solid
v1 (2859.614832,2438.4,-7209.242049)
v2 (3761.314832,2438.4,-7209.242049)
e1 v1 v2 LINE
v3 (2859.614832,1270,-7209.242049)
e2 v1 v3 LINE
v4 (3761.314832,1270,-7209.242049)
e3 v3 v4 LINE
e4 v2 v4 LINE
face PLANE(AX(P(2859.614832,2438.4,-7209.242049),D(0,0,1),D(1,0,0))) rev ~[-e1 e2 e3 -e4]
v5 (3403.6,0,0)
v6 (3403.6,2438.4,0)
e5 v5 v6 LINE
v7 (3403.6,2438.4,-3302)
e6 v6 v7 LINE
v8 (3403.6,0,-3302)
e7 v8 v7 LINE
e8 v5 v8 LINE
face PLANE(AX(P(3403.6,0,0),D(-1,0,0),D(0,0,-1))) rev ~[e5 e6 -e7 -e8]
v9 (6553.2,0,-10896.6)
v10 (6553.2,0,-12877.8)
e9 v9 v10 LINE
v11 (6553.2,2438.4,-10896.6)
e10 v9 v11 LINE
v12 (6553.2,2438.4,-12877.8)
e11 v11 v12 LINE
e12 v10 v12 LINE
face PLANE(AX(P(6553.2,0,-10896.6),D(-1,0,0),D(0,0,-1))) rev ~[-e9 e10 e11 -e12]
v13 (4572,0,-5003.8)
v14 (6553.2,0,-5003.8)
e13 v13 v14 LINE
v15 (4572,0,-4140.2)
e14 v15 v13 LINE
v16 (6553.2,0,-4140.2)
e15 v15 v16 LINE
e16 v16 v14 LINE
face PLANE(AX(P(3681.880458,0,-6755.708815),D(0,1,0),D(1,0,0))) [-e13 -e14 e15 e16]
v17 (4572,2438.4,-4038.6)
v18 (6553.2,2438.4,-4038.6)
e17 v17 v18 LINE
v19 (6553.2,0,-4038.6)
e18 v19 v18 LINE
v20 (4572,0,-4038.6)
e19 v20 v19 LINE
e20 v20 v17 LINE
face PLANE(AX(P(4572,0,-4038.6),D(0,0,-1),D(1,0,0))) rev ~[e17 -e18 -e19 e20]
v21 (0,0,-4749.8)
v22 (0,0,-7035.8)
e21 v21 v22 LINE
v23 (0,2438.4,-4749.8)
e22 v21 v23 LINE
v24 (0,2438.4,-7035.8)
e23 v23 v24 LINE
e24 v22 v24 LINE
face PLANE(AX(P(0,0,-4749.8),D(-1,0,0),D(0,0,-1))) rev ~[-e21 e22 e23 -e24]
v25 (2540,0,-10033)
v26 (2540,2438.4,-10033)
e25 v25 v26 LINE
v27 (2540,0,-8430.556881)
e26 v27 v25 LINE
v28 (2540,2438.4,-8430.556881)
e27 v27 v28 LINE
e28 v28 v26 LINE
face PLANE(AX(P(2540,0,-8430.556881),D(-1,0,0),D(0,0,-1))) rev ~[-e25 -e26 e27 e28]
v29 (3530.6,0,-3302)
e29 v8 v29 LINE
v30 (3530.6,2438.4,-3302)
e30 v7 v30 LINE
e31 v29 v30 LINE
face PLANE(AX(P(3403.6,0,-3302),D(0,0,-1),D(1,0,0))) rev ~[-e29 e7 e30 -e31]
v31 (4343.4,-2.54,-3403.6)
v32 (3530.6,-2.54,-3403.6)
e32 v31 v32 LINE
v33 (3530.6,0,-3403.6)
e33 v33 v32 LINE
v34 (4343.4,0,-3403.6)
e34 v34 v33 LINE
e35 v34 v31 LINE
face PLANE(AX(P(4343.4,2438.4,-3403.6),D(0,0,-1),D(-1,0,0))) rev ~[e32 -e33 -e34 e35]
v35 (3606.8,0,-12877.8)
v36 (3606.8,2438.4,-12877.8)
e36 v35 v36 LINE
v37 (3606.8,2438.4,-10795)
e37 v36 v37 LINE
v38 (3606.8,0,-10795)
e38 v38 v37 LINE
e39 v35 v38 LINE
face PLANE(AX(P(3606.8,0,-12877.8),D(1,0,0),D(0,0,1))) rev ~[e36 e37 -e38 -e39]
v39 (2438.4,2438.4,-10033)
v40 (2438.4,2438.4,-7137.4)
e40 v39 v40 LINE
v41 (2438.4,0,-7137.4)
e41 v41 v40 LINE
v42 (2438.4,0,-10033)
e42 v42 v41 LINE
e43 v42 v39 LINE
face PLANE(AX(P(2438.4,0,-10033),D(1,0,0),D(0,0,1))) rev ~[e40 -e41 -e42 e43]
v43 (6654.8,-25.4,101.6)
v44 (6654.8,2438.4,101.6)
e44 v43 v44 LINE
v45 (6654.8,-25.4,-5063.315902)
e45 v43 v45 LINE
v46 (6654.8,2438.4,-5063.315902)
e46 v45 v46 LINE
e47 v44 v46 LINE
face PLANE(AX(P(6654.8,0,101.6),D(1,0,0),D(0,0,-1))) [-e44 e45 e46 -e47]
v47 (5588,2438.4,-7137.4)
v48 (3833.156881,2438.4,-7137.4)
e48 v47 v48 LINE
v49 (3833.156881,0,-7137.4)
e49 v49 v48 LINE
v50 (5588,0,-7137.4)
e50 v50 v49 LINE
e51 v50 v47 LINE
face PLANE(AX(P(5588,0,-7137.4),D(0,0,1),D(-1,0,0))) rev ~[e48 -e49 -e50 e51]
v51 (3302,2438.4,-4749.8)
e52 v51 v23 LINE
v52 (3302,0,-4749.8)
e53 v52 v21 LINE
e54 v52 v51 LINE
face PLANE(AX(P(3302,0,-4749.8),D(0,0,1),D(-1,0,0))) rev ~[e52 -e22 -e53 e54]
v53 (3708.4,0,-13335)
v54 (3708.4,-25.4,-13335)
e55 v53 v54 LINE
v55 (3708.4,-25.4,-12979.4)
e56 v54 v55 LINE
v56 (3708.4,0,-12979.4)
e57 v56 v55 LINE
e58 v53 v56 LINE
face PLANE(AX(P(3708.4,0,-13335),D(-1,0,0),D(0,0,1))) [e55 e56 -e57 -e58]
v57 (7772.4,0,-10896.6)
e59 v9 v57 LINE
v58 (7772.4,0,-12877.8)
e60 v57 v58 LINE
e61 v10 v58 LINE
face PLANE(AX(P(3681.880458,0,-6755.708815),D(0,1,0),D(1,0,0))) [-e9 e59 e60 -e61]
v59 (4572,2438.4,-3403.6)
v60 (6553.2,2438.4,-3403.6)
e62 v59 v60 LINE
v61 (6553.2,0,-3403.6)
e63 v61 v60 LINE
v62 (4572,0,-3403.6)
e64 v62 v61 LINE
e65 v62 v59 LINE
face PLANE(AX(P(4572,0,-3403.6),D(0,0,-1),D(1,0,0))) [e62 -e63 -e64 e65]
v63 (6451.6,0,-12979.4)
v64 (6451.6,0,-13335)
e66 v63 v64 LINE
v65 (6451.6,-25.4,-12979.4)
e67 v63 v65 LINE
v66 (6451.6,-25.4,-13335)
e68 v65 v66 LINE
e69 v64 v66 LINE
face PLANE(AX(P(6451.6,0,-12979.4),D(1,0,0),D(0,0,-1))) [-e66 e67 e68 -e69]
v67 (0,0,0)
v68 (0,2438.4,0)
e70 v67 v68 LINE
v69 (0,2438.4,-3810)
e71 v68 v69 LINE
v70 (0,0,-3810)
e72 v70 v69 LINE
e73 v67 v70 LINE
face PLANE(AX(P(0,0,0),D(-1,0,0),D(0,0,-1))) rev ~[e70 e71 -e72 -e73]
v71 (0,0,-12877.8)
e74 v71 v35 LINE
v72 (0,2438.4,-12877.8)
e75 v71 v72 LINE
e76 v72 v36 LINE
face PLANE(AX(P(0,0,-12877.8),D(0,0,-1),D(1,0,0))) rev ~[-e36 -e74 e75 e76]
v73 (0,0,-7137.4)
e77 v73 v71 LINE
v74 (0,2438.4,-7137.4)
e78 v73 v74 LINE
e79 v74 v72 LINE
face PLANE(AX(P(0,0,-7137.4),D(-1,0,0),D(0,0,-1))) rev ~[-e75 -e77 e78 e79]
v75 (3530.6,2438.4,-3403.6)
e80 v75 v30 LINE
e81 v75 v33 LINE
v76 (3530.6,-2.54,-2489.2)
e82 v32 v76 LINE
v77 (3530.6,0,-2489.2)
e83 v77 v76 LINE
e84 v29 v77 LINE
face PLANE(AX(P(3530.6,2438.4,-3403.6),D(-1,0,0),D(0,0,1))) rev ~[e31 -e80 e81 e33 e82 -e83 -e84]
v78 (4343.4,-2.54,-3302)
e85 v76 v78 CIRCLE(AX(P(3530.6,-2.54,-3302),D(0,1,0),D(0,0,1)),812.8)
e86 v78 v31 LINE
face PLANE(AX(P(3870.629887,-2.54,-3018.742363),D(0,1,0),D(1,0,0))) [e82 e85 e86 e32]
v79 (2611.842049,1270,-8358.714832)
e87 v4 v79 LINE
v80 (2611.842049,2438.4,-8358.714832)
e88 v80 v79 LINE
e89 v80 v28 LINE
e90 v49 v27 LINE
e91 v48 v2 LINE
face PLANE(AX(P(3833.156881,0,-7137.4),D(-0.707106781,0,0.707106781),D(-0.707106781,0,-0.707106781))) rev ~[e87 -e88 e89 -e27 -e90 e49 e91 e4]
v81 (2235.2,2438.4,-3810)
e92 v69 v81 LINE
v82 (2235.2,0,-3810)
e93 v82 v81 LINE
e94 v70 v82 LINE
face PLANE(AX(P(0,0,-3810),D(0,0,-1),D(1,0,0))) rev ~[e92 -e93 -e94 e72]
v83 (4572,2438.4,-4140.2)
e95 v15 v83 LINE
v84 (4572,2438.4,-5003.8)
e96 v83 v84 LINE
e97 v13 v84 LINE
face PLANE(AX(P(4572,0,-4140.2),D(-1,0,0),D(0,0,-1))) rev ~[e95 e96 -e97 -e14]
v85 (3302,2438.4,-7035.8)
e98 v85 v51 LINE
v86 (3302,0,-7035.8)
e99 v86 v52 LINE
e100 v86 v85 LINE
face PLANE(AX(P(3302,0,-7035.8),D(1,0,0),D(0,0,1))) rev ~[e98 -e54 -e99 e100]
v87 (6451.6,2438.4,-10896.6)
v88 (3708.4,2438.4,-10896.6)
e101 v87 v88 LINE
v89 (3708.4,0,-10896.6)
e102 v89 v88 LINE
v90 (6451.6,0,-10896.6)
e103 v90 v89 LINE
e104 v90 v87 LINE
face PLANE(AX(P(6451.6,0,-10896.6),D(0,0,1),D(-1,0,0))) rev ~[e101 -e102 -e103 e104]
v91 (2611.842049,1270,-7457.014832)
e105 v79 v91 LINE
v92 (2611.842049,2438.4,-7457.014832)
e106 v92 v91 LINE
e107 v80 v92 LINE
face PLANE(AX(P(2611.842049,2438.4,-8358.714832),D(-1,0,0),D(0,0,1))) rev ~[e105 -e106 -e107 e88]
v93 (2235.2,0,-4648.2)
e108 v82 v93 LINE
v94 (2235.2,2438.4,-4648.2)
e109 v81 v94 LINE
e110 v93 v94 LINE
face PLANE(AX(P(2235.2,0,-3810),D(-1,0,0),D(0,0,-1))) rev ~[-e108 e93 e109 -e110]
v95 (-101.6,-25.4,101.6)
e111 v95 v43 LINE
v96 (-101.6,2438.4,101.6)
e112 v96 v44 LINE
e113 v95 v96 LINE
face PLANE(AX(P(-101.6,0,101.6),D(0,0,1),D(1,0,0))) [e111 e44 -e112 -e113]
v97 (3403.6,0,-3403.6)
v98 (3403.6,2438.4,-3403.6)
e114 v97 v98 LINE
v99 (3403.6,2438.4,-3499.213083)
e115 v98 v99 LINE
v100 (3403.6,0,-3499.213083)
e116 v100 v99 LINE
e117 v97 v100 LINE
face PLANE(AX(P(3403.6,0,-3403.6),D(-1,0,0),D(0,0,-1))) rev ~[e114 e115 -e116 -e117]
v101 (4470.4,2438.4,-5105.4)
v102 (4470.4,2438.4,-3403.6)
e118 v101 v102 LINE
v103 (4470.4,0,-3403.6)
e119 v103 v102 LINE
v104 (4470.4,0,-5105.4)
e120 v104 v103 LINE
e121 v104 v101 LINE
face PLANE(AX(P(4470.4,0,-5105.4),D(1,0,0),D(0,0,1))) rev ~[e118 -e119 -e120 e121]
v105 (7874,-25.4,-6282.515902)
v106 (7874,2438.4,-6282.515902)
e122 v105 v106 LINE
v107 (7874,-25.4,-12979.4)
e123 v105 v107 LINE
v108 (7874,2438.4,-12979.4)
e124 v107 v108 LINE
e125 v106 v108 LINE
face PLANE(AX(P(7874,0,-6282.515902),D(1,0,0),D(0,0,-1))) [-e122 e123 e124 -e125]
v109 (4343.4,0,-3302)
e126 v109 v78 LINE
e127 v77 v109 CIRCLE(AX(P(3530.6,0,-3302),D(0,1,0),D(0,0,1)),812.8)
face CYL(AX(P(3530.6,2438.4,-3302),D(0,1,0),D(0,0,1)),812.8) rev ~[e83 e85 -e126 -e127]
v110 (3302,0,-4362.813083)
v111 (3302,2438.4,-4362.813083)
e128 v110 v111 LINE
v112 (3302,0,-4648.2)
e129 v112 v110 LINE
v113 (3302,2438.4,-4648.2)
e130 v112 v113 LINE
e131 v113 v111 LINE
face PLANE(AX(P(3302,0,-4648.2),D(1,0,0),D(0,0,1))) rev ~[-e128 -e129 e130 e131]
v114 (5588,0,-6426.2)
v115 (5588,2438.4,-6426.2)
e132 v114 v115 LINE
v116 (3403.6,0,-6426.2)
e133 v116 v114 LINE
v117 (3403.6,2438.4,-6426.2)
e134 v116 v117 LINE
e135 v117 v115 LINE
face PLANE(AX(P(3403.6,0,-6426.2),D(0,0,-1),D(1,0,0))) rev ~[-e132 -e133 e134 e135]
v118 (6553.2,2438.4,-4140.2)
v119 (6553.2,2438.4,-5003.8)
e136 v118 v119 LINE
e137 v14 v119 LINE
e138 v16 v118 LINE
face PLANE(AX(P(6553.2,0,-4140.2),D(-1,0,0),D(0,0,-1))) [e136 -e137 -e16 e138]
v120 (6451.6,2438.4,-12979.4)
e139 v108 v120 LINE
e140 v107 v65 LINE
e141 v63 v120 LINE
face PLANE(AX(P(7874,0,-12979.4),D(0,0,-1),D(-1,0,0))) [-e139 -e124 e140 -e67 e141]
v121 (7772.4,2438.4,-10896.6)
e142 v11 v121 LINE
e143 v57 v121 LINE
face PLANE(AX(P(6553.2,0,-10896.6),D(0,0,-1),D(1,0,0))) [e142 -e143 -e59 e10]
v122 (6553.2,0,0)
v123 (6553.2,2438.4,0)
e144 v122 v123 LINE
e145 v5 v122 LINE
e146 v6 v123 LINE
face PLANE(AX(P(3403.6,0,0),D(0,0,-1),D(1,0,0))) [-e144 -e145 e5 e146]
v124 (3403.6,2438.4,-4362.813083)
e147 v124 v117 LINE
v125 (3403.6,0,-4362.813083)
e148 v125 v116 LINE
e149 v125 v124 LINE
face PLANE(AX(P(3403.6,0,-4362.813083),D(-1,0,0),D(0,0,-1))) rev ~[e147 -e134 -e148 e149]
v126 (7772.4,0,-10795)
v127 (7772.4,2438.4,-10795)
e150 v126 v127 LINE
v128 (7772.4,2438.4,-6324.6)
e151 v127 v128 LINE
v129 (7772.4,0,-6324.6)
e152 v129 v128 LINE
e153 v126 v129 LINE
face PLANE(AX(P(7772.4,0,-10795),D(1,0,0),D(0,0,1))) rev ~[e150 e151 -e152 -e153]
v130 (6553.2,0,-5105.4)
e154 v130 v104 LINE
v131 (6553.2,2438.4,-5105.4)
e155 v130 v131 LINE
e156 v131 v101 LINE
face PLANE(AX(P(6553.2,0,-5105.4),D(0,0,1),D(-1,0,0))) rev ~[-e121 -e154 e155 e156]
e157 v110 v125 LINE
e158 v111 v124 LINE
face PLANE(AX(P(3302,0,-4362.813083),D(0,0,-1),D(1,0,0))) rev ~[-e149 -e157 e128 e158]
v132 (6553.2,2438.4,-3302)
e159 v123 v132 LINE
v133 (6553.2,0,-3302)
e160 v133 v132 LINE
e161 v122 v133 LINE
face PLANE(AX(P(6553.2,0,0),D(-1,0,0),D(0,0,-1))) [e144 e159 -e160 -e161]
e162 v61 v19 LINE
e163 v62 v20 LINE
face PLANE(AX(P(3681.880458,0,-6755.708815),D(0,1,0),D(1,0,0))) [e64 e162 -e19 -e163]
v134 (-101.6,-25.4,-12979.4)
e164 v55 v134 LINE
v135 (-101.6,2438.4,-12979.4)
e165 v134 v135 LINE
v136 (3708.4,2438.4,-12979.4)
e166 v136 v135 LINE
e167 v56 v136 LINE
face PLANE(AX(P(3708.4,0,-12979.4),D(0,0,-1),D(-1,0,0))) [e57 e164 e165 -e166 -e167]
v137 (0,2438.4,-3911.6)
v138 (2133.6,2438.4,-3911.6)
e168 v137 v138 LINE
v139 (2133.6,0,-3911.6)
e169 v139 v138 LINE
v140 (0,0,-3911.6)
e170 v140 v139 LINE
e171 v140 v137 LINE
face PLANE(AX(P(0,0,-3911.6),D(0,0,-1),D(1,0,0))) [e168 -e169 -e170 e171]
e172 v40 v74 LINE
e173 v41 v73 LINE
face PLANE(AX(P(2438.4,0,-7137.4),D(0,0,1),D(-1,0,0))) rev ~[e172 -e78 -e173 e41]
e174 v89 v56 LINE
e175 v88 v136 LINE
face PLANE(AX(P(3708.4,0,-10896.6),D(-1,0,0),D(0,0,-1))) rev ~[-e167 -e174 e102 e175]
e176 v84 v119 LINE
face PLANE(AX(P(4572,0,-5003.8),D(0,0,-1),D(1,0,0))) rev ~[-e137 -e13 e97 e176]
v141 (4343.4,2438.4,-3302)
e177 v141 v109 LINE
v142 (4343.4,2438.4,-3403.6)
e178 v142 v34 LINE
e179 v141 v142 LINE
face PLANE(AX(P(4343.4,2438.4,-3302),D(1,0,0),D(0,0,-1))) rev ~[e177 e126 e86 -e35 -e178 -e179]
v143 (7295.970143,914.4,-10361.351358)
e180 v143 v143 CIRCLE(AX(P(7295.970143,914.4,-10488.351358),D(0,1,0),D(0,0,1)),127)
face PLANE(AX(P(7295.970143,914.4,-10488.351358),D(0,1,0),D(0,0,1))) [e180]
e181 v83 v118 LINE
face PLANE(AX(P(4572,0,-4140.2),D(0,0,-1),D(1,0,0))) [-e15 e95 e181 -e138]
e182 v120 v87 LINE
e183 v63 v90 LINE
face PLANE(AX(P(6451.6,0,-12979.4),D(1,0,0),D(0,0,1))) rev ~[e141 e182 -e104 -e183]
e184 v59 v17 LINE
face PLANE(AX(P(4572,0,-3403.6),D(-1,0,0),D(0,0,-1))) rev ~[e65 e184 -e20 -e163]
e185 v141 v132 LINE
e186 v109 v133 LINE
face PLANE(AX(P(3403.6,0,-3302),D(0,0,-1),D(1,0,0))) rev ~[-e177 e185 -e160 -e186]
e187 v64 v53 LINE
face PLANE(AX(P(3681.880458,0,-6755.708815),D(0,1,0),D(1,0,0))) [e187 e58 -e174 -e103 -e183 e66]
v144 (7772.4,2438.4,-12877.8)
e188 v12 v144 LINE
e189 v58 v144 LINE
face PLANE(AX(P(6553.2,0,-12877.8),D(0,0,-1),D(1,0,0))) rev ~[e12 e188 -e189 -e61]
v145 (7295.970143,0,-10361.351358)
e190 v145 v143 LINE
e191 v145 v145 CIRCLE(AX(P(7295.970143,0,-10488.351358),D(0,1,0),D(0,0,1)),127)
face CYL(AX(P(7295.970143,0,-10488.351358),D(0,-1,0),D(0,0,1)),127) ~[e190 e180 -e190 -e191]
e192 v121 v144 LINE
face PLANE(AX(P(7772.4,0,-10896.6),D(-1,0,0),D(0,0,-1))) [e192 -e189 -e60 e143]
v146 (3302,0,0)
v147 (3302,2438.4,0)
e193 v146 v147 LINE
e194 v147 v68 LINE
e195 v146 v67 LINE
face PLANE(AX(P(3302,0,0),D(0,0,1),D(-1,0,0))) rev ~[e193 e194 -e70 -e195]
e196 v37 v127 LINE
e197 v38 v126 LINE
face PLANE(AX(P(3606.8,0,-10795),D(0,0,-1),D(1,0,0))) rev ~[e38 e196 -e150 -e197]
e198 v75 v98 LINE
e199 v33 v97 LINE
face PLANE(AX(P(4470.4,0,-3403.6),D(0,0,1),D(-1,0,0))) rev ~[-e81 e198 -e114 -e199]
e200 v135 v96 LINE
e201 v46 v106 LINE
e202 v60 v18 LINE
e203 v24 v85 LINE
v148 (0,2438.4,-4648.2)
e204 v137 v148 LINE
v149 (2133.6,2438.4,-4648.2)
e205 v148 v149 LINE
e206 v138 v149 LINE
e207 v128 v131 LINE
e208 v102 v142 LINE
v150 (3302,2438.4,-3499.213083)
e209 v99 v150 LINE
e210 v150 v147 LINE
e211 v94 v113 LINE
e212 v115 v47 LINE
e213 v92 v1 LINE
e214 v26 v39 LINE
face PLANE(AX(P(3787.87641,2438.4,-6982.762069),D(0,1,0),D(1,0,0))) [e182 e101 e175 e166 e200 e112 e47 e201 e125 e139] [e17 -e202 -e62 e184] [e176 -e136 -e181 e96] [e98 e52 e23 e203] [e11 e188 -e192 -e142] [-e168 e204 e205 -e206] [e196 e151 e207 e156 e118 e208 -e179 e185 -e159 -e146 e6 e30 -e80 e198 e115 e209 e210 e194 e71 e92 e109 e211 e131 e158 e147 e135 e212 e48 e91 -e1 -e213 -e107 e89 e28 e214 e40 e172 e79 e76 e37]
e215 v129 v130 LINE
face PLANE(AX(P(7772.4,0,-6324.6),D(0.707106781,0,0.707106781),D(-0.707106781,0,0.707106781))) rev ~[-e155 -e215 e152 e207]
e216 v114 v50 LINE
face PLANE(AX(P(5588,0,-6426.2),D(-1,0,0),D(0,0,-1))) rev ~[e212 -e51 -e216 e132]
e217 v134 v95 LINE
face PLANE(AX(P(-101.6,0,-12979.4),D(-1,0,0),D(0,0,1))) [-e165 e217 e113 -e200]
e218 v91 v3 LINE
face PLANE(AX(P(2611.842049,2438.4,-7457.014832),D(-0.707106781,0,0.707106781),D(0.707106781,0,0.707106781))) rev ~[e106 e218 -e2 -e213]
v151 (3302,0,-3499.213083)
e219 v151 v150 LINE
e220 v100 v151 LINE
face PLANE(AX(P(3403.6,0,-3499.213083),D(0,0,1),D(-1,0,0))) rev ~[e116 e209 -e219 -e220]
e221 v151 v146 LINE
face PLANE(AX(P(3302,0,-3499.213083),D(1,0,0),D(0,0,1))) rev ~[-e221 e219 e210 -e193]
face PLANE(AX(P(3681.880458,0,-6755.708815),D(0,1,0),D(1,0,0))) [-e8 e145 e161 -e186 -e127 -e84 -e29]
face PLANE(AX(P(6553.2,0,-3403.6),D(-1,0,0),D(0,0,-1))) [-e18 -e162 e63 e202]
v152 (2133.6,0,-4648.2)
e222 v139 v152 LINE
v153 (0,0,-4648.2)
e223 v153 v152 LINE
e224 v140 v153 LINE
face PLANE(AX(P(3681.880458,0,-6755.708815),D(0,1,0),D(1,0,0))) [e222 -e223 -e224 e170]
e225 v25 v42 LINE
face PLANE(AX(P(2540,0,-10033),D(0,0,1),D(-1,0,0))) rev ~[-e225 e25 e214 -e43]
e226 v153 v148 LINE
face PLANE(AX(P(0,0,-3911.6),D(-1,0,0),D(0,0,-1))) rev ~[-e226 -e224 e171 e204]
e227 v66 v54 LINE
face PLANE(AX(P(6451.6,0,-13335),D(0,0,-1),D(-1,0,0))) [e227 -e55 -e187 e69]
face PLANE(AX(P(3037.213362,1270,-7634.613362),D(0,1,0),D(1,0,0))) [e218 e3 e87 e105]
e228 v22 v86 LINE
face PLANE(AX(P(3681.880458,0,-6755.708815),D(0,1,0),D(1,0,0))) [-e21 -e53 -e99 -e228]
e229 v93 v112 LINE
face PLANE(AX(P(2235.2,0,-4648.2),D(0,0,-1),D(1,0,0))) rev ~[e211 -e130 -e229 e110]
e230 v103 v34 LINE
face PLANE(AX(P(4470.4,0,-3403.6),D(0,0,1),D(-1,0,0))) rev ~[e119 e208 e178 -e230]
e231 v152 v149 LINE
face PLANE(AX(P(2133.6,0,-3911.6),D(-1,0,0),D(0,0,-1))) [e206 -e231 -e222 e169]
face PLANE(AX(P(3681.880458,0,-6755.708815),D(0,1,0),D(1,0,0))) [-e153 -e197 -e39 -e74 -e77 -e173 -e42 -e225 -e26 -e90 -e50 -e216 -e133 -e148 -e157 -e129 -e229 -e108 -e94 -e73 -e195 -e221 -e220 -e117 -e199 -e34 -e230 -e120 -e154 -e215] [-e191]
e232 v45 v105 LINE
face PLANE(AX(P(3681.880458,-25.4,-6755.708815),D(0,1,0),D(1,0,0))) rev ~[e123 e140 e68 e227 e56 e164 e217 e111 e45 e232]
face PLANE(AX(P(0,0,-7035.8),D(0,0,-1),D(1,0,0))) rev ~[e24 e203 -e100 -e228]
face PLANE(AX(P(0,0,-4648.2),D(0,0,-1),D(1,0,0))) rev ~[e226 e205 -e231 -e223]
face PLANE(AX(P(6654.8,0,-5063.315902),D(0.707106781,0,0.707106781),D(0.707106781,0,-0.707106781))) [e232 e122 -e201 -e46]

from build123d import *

# Parameters (mm, degrees)
SKETCH1_W           = 3149.6
SKETCH1_H           = 3302
SKETCH1_W_2         = 1981.2
SKETCH1_H_2         = 635
SKETCH1_H_3         = 863.6
SKETCH1_W_3         = 2133.6
SKETCH1_H_4         = 736.6
SKETCH1_W_4         = 1219.2
SKETCH1_H_5         = 1981.2
BOSS_EXTRUDE2_DEPTH = 2438.4
BOSS_EXTRUDE3_DEPTH = 25.4
CUT_EXTRUDE1_DEPTH  = 2440.94
CUT_EXTRUDE2_DEPTH  = 1168.4
SKETCH4_R           = 127
BOSS_EXTRUDE4_DEPTH = 914.4


with BuildPart() as part:
    # Sketch1 → Boss-Extrude2 (new body)
    with BuildSketch(Plane(origin=(0, 0, 0), x_dir=(1, 0, 0), z_dir=(0, 1, 0))):
        Polygon((6451.6, 10896.6), (3708.4, 10896.6), (3708.4, 12979.4), (-101.6, 12979.4), (-101.6, -101.6), (6654.8, -101.6), (6654.8, 5063.315902063), (7874, 6282.515902063), (7874, 12979.4), (6451.6, 12979.4), align=None)
        Polygon((3833.156881434, 7137.4), (2540, 8430.556881434), (2540, 10033), (2438.4, 10033), (2438.4, 7137.4), (0, 7137.4), (0, 12877.8), (3606.8, 12877.8), (3606.8, 10795), (7772.4, 10795), (7772.4, 6324.6), (6553.2, 5105.4), (4470.4, 5105.4), (4470.4, 3403.6), (3403.6, 3403.6), (3403.6, 3499.213082822), (3302, 3499.213082822), (3302, 0), (0, 0), (0, 3810), (2235.2, 3810), (2235.2, 4648.2), (3302, 4648.2), (3302, 4362.813082822), (3403.6, 4362.813082822), (3403.6, 6426.2), (5588, 6426.2), (5588, 7137.4), align=None, mode=Mode.SUBTRACT)
        Polygon((3302, 6426.2), (3302, 4749.8), (0, 4749.8), (0, 7035.8), (3302, 7035.8), align=None, mode=Mode.SUBTRACT)
        with Locations((4978.4, 1651)):
            Rectangle(SKETCH1_W, SKETCH1_H, mode=Mode.SUBTRACT)
        with Locations((5562.6, 3721.1)):
            Rectangle(SKETCH1_W_2, SKETCH1_H_2, mode=Mode.SUBTRACT)
        with Locations((5562.6, 4572)):
            Rectangle(SKETCH1_W_2, SKETCH1_H_3, mode=Mode.SUBTRACT)
        with Locations((1066.8, 4279.9)):
            Rectangle(SKETCH1_W_3, SKETCH1_H_4, mode=Mode.SUBTRACT)
        with Locations((7162.8, 11887.2)):
            Rectangle(SKETCH1_W_4, SKETCH1_H_5, mode=Mode.SUBTRACT)
    extrude(amount=BOSS_EXTRUDE2_DEPTH)

    # Sketch1<5> → Boss-Extrude3 (add)
    with BuildSketch(Plane(origin=(0, 0, 0), x_dir=(1, 0, 0), z_dir=(0, 1, 0))):
        Polygon((3708.4, 12979.4), (-101.6, 12979.4), (-101.6, -101.6), (6654.8, -101.6), (6654.8, 5063.315902063), (7874, 6282.515902063), (7874, 12979.4), (6451.6, 12979.4), (6451.6, 13335), (3708.4, 13335), align=None)
    extrude(amount=-BOSS_EXTRUDE3_DEPTH)

    # Sketch2 → Cut-Extrude1 (cut)
    with BuildSketch(Plane(origin=(0, 2438.4, 0), x_dir=(1, 0, 0), z_dir=(0, 1, 0))):
        with BuildLine():
            Line((3530.6, 3403.6), (3530.6, 3302))
            Line((3530.6, 3302), (3530.6, 2489.2))
            ThreePointArc((3530.6, 2489.2), (4105.336391748, 2727.263608252), (4343.4, 3302))
            Line((4343.4, 3302), (4343.4, 3403.6))
            Line((4343.4, 3403.6), (3530.6, 3403.6))
        make_face()
    extrude(amount=-CUT_EXTRUDE1_DEPTH, mode=Mode.SUBTRACT)

    # Sketch3 → Cut-Extrude2 (cut)
    with BuildSketch(Plane(origin=(0, 2438.4, 0), x_dir=(1, 0, 0), z_dir=(0, 1, 0))):
        Polygon((2611.842048969, 8358.714832465), (2611.842048969, 7457.014832465), (2859.614832465, 7209.242048969), (3761.314832465, 7209.242048969), align=None)
    extrude(amount=-CUT_EXTRUDE2_DEPTH, mode=Mode.SUBTRACT)

    # Sketch4 → Boss-Extrude4 (add)
    with BuildSketch(Plane(origin=(0, 0, 0), x_dir=(1, 0, 0), z_dir=(0, 1, 0))):
        with Locations(Location((7295.970143414, 10488.35135806, 0), (0, 0, 270))):
            Circle(SKETCH4_R)
    extrude(amount=BOSS_EXTRUDE4_DEPTH)


solid = part.part
